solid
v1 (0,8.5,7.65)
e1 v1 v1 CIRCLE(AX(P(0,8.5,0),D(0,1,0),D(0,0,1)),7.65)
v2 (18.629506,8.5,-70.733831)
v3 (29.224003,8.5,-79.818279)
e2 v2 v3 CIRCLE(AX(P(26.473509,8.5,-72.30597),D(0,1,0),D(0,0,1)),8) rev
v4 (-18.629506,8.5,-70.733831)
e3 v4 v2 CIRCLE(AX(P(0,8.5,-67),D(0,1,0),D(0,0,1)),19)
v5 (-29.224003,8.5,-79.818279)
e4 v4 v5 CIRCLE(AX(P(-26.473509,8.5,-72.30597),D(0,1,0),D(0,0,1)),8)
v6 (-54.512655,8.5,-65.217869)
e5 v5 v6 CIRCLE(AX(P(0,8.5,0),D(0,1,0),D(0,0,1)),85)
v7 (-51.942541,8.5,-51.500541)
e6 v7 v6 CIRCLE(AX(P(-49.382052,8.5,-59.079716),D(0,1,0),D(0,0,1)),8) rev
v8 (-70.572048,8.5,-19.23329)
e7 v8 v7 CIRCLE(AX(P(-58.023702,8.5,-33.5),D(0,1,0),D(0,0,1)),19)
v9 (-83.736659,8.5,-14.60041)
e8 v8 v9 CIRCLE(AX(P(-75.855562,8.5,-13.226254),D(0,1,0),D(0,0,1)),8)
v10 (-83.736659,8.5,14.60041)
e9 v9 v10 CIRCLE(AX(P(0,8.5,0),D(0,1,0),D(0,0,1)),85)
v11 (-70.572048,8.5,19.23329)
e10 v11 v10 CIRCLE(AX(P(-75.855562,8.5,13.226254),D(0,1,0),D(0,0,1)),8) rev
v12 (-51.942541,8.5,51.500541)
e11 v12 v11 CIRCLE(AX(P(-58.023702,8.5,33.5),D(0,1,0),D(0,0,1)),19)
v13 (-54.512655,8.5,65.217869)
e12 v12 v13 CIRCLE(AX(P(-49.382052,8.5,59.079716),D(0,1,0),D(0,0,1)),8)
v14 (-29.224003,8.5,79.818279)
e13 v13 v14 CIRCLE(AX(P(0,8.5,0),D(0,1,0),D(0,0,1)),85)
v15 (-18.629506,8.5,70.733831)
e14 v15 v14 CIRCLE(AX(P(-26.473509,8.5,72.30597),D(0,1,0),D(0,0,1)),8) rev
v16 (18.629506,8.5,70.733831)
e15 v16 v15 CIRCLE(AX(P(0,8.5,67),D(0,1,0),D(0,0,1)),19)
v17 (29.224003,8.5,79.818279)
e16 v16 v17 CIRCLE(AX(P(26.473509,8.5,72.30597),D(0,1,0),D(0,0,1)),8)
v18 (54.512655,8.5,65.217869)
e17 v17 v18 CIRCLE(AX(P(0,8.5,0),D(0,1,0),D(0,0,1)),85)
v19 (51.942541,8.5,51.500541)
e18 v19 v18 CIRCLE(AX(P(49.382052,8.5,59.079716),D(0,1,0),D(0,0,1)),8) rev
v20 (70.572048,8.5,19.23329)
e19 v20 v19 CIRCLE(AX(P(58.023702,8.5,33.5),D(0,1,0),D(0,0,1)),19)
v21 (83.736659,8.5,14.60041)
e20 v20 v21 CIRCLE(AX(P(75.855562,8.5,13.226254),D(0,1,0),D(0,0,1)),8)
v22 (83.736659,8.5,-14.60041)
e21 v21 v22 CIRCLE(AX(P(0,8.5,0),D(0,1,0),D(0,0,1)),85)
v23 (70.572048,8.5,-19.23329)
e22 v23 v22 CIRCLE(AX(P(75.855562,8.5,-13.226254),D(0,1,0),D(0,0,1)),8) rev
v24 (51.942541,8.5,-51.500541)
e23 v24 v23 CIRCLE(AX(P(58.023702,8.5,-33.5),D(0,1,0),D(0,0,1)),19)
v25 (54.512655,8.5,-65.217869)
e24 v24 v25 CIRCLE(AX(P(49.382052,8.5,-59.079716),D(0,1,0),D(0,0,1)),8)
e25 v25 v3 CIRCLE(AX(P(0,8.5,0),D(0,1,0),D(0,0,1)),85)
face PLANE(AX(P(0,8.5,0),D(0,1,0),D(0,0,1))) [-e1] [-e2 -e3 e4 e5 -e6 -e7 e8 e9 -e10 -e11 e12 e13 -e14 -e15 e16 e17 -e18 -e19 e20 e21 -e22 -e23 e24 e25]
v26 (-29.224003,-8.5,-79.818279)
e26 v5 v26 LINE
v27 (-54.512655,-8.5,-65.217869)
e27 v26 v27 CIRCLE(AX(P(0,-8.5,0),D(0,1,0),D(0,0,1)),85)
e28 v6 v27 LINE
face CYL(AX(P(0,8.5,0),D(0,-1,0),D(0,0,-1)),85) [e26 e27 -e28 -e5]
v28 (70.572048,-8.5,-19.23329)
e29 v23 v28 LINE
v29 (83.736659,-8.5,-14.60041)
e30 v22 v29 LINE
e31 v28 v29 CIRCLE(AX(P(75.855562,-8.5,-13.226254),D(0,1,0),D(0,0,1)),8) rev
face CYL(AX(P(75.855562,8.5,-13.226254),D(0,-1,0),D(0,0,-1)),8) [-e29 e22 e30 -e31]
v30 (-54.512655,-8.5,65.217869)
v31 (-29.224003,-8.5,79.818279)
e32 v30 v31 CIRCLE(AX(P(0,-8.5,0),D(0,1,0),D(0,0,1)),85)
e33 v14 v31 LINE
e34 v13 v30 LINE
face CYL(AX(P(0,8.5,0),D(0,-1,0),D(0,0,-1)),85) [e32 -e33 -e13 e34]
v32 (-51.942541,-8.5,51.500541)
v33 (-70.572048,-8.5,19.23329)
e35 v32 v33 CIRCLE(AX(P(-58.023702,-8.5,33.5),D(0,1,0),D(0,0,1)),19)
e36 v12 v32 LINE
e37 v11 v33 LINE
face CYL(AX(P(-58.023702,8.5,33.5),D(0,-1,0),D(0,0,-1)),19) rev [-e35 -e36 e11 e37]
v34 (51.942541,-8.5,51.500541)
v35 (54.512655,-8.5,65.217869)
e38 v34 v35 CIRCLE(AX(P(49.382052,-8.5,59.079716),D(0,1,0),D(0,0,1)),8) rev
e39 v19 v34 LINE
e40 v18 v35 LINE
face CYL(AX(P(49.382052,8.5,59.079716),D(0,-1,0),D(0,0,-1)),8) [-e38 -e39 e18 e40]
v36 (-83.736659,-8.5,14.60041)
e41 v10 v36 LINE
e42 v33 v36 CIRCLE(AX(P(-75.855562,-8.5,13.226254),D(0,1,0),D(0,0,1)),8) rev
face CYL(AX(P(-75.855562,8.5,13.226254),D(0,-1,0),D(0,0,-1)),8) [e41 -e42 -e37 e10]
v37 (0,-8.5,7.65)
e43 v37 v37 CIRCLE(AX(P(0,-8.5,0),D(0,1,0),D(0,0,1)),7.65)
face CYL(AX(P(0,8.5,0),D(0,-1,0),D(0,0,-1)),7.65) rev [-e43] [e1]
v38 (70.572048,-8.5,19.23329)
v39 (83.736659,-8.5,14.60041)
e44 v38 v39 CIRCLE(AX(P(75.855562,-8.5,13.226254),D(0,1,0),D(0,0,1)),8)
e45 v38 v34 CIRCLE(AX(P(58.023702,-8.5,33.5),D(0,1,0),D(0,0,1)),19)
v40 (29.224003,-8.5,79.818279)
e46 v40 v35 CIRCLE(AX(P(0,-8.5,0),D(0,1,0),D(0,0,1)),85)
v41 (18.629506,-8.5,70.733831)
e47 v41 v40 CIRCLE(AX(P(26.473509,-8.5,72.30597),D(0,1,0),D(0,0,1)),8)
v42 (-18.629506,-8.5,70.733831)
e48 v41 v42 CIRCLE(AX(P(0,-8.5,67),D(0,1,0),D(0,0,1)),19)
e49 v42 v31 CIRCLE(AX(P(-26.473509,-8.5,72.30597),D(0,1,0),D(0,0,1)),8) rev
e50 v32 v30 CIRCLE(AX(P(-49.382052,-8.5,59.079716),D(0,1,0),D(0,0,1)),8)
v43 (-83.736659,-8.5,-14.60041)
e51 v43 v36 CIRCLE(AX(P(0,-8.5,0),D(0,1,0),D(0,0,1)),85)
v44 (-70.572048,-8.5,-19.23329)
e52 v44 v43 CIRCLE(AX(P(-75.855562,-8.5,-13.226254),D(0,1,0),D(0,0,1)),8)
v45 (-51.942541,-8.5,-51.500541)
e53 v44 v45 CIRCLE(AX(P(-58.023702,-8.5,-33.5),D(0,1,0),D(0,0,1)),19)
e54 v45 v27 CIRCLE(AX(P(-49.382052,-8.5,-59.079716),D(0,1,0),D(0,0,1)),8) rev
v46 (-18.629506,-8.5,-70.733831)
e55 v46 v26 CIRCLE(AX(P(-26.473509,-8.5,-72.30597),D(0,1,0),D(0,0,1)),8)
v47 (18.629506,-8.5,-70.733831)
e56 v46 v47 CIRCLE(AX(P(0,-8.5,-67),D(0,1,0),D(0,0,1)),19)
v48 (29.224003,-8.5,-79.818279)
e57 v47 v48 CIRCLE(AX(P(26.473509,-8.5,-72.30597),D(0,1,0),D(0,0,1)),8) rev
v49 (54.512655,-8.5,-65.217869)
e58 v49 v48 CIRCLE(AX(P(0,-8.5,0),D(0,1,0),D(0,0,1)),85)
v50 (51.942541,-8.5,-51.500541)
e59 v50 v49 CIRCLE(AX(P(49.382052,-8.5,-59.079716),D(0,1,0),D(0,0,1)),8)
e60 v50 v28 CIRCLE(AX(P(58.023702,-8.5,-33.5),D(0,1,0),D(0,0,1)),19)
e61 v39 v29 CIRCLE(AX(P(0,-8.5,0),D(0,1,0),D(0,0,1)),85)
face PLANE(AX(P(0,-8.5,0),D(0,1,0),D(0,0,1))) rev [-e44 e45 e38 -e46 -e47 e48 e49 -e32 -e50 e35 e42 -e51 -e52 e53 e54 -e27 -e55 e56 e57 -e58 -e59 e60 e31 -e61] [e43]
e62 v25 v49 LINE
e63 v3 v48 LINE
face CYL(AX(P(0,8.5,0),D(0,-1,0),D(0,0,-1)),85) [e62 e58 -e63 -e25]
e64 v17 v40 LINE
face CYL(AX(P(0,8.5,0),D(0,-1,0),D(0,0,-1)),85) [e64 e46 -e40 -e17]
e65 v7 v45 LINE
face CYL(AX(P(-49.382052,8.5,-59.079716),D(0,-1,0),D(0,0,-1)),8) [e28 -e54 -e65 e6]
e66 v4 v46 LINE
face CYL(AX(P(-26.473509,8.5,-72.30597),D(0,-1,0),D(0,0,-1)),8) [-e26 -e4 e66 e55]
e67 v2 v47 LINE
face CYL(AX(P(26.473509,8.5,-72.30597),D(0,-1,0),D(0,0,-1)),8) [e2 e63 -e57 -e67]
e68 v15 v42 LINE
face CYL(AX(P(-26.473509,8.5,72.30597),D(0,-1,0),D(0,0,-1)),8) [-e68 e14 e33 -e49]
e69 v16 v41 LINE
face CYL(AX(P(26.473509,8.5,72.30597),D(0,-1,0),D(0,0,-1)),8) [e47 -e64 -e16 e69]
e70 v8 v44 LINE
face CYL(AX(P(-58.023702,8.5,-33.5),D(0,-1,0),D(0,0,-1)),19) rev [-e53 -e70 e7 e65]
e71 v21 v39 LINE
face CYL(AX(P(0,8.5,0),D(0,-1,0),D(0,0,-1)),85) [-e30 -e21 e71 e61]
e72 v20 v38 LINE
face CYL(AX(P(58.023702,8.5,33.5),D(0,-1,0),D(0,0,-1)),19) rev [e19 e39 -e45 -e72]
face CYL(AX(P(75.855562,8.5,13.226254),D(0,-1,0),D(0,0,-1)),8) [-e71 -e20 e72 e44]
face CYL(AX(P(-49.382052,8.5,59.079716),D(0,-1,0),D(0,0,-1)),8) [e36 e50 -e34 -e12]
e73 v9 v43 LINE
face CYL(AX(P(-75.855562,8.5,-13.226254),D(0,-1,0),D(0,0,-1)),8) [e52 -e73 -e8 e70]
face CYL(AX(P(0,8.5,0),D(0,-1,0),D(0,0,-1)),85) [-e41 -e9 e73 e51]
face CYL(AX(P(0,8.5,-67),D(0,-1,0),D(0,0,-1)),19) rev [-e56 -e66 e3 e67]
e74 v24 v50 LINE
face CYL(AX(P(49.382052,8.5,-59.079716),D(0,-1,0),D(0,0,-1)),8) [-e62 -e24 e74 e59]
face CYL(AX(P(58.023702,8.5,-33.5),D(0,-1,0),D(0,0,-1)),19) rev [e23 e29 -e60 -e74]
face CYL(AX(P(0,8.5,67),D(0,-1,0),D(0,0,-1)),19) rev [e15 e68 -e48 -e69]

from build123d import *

# Parameters (mm, degrees)
CROQUIS1_R                   = 7.65
SALIENTE_EXTRUIR1_DEPTH      = 8.5
CROQUIS2_R                   = 7.65
CROQUIS2_R_2                 = 5
SALIENTE_EXTRUIR2_DEPTH      = 21.5
SALIENTE_EXTRUIR3_REACH      = 132.896
SALIENTE_EXTRUIR3_END_RADIUS = 7.65
SALIENTE_EXTRUIR3_START      = 12
CROQUIS3_R                   = 6.5
CORTAR_EXTRUIR1_REACH        = 129.309
CORTAR_EXTRUIR1_END_RADIUS   = 5
CROQUIS4_R                   = 2.25


with BuildPart() as part:
    # Croquis1 → Saliente-Extruir1 (new, symmetric)
    with BuildSketch(Plane(origin=(0, 0, 0), x_dir=(1, 0, 0), z_dir=(0, 1, 0))):
        with BuildLine():
            ThreePointArc((-18.62950636, 70.733830846), (-21.266037972, 78.379045573), (-29.224003483, 79.818278736))
            ThreePointArc((-29.224003483, 79.818278736), (-42.5, 73.612159322), (-54.51265533, 65.217868785))
            ThreePointArc((-54.51265533, 65.217868785), (-57.245225604, 57.606451909), (-51.942541239, 51.500541191))
            ThreePointArc((-51.942541239, 51.500541191), (-41.569219382, 24), (-70.572047599, 19.233289655))
            ThreePointArc((-70.572047599, 19.233289655), (-78.511263577, 20.772593665), (-83.736658814, 14.600409951))
            ThreePointArc((-83.736658814, 14.600409951), (-85, 0), (-83.736658814, -14.600409951))
            ThreePointArc((-83.736658814, -14.600409951), (-78.511263577, -20.772593665), (-70.572047599, -19.233289655))
            ThreePointArc((-70.572047599, -19.233289655), (-41.569219382, -24), (-51.942541239, -51.500541191))
            ThreePointArc((-51.942541239, -51.500541191), (-57.245225604, -57.606451909), (-54.51265533, -65.217868785))
            ThreePointArc((-54.51265533, -65.217868785), (-42.5, -73.612159322), (-29.224003483, -79.818278736))
            ThreePointArc((-29.224003483, -79.818278736), (-21.266037972, -78.379045573), (-18.62950636, -70.733830846))
            ThreePointArc((-18.62950636, -70.733830846), (0, -48), (18.62950636, -70.733830846))
            ThreePointArc((18.62950636, -70.733830846), (21.266037972, -78.379045573), (29.224003483, -79.818278736))
            ThreePointArc((29.224003483, -79.818278736), (42.5, -73.612159322), (54.51265533, -65.217868785))
            ThreePointArc((54.51265533, -65.217868785), (57.245225604, -57.606451909), (51.942541239, -51.500541191))
            ThreePointArc((51.942541239, -51.500541191), (41.569219382, -24), (70.572047599, -19.233289655))
            ThreePointArc((70.572047599, -19.233289655), (78.511263577, -20.772593665), (83.736658814, -14.600409951))
            ThreePointArc((83.736658814, -14.600409951), (85, 0), (83.736658814, 14.600409951))
            ThreePointArc((83.736658814, 14.600409951), (78.511263577, 20.772593665), (70.572047599, 19.233289655))
            ThreePointArc((70.572047599, 19.233289655), (41.569219382, 24), (51.942541239, 51.500541191))
            ThreePointArc((51.942541239, 51.500541191), (57.245225604, 57.606451909), (54.51265533, 65.217868785))
            ThreePointArc((54.51265533, 65.217868785), (42.5, 73.612159322), (29.224003483, 79.818278736))
            ThreePointArc((29.224003483, 79.818278736), (21.266037972, 78.379045573), (18.62950636, 70.733830846))
            ThreePointArc((18.62950636, 70.733830846), (0, 48), (-18.62950636, 70.733830846))
        make_face()
        with Locations(Location((0, 0, 0), (0, 0, 270))):
            Circle(CROQUIS1_R, mode=Mode.SUBTRACT)
    extrude(amount=SALIENTE_EXTRUIR1_DEPTH, both=True)


with BuildPart() as body_2:
    # Croquis2 → Saliente-Extruir2 (new body)
    with BuildSketch(Plane(origin=(0, 0, 0), x_dir=(1, 0, 0), z_dir=(0, 1, 0))):
        with Locations(Location((0, 0, 0), (0, 0, 270))):
            Circle(CROQUIS2_R)
        with Locations(Location((0, 0, 0), (0, 0, 270))):
            Circle(CROQUIS2_R_2, mode=Mode.SUBTRACT)
    extrude(amount=SALIENTE_EXTRUIR2_DEPTH)

    # Simetría3: body 2 across plane


with BuildPart() as body_2_1:
    add(body_2.part)
    add(body_2.part.mirror(Plane.ZX))

    # Saliente-Extruir3: up to this cylinder (the profile starts outside it)
    saliente_extruir3_end = Plane(origin=(0, 15, 0), z_dir=(0, -1, 0)) * Cylinder(SALIENTE_EXTRUIR3_END_RADIUS, 282.092, mode=Mode.PRIVATE)
    # Croquis3 → Saliente-Extruir3 (add, up to the surface)
    with BuildSketch(Plane.XY.offset(SALIENTE_EXTRUIR3_START), mode=Mode.PRIVATE) as saliente_extruir3_sk1:
        with Locations((0, 15)):
            Circle(CROQUIS3_R)
        Polygon((0, 10.958548116), (3.5, 12.979274058), (3.5, 17.020725942), (0, 19.041451884), (-3.5, 17.020725942), (-3.5, 12.979274058), align=None, mode=Mode.SUBTRACT)
    saliente_extruir3_tool1 = extrude(saliente_extruir3_sk1.sketch, amount=-SALIENTE_EXTRUIR3_REACH, mode=Mode.PRIVATE) - saliente_extruir3_end
    add(saliente_extruir3_tool1.solids().sort_by_distance((-6.316152, 15, 12))[0])

    # Cortar-Extruir1: up to this cylinder (the profile starts outside it)
    cortar_extruir1_end = Plane(origin=(0, 15, 0), z_dir=(0, -1, 0)) * Cylinder(CORTAR_EXTRUIR1_END_RADIUS, 269.618, mode=Mode.PRIVATE)
    # Croquis4 → Cortar-Extruir1 (cut, up to the surface)
    with BuildSketch(Plane.XY.offset(12), mode=Mode.PRIVATE) as cortar_extruir1_sk1:
        with Locations((0, 15)):
            Circle(CROQUIS4_R)
    cortar_extruir1_tool1 = extrude(cortar_extruir1_sk1.sketch, amount=-CORTAR_EXTRUIR1_REACH, mode=Mode.PRIVATE) - cortar_extruir1_end
    add(cortar_extruir1_tool1.solids().sort_by_distance((0, 15, 12))[0], mode=Mode.SUBTRACT)


solid = part.part
